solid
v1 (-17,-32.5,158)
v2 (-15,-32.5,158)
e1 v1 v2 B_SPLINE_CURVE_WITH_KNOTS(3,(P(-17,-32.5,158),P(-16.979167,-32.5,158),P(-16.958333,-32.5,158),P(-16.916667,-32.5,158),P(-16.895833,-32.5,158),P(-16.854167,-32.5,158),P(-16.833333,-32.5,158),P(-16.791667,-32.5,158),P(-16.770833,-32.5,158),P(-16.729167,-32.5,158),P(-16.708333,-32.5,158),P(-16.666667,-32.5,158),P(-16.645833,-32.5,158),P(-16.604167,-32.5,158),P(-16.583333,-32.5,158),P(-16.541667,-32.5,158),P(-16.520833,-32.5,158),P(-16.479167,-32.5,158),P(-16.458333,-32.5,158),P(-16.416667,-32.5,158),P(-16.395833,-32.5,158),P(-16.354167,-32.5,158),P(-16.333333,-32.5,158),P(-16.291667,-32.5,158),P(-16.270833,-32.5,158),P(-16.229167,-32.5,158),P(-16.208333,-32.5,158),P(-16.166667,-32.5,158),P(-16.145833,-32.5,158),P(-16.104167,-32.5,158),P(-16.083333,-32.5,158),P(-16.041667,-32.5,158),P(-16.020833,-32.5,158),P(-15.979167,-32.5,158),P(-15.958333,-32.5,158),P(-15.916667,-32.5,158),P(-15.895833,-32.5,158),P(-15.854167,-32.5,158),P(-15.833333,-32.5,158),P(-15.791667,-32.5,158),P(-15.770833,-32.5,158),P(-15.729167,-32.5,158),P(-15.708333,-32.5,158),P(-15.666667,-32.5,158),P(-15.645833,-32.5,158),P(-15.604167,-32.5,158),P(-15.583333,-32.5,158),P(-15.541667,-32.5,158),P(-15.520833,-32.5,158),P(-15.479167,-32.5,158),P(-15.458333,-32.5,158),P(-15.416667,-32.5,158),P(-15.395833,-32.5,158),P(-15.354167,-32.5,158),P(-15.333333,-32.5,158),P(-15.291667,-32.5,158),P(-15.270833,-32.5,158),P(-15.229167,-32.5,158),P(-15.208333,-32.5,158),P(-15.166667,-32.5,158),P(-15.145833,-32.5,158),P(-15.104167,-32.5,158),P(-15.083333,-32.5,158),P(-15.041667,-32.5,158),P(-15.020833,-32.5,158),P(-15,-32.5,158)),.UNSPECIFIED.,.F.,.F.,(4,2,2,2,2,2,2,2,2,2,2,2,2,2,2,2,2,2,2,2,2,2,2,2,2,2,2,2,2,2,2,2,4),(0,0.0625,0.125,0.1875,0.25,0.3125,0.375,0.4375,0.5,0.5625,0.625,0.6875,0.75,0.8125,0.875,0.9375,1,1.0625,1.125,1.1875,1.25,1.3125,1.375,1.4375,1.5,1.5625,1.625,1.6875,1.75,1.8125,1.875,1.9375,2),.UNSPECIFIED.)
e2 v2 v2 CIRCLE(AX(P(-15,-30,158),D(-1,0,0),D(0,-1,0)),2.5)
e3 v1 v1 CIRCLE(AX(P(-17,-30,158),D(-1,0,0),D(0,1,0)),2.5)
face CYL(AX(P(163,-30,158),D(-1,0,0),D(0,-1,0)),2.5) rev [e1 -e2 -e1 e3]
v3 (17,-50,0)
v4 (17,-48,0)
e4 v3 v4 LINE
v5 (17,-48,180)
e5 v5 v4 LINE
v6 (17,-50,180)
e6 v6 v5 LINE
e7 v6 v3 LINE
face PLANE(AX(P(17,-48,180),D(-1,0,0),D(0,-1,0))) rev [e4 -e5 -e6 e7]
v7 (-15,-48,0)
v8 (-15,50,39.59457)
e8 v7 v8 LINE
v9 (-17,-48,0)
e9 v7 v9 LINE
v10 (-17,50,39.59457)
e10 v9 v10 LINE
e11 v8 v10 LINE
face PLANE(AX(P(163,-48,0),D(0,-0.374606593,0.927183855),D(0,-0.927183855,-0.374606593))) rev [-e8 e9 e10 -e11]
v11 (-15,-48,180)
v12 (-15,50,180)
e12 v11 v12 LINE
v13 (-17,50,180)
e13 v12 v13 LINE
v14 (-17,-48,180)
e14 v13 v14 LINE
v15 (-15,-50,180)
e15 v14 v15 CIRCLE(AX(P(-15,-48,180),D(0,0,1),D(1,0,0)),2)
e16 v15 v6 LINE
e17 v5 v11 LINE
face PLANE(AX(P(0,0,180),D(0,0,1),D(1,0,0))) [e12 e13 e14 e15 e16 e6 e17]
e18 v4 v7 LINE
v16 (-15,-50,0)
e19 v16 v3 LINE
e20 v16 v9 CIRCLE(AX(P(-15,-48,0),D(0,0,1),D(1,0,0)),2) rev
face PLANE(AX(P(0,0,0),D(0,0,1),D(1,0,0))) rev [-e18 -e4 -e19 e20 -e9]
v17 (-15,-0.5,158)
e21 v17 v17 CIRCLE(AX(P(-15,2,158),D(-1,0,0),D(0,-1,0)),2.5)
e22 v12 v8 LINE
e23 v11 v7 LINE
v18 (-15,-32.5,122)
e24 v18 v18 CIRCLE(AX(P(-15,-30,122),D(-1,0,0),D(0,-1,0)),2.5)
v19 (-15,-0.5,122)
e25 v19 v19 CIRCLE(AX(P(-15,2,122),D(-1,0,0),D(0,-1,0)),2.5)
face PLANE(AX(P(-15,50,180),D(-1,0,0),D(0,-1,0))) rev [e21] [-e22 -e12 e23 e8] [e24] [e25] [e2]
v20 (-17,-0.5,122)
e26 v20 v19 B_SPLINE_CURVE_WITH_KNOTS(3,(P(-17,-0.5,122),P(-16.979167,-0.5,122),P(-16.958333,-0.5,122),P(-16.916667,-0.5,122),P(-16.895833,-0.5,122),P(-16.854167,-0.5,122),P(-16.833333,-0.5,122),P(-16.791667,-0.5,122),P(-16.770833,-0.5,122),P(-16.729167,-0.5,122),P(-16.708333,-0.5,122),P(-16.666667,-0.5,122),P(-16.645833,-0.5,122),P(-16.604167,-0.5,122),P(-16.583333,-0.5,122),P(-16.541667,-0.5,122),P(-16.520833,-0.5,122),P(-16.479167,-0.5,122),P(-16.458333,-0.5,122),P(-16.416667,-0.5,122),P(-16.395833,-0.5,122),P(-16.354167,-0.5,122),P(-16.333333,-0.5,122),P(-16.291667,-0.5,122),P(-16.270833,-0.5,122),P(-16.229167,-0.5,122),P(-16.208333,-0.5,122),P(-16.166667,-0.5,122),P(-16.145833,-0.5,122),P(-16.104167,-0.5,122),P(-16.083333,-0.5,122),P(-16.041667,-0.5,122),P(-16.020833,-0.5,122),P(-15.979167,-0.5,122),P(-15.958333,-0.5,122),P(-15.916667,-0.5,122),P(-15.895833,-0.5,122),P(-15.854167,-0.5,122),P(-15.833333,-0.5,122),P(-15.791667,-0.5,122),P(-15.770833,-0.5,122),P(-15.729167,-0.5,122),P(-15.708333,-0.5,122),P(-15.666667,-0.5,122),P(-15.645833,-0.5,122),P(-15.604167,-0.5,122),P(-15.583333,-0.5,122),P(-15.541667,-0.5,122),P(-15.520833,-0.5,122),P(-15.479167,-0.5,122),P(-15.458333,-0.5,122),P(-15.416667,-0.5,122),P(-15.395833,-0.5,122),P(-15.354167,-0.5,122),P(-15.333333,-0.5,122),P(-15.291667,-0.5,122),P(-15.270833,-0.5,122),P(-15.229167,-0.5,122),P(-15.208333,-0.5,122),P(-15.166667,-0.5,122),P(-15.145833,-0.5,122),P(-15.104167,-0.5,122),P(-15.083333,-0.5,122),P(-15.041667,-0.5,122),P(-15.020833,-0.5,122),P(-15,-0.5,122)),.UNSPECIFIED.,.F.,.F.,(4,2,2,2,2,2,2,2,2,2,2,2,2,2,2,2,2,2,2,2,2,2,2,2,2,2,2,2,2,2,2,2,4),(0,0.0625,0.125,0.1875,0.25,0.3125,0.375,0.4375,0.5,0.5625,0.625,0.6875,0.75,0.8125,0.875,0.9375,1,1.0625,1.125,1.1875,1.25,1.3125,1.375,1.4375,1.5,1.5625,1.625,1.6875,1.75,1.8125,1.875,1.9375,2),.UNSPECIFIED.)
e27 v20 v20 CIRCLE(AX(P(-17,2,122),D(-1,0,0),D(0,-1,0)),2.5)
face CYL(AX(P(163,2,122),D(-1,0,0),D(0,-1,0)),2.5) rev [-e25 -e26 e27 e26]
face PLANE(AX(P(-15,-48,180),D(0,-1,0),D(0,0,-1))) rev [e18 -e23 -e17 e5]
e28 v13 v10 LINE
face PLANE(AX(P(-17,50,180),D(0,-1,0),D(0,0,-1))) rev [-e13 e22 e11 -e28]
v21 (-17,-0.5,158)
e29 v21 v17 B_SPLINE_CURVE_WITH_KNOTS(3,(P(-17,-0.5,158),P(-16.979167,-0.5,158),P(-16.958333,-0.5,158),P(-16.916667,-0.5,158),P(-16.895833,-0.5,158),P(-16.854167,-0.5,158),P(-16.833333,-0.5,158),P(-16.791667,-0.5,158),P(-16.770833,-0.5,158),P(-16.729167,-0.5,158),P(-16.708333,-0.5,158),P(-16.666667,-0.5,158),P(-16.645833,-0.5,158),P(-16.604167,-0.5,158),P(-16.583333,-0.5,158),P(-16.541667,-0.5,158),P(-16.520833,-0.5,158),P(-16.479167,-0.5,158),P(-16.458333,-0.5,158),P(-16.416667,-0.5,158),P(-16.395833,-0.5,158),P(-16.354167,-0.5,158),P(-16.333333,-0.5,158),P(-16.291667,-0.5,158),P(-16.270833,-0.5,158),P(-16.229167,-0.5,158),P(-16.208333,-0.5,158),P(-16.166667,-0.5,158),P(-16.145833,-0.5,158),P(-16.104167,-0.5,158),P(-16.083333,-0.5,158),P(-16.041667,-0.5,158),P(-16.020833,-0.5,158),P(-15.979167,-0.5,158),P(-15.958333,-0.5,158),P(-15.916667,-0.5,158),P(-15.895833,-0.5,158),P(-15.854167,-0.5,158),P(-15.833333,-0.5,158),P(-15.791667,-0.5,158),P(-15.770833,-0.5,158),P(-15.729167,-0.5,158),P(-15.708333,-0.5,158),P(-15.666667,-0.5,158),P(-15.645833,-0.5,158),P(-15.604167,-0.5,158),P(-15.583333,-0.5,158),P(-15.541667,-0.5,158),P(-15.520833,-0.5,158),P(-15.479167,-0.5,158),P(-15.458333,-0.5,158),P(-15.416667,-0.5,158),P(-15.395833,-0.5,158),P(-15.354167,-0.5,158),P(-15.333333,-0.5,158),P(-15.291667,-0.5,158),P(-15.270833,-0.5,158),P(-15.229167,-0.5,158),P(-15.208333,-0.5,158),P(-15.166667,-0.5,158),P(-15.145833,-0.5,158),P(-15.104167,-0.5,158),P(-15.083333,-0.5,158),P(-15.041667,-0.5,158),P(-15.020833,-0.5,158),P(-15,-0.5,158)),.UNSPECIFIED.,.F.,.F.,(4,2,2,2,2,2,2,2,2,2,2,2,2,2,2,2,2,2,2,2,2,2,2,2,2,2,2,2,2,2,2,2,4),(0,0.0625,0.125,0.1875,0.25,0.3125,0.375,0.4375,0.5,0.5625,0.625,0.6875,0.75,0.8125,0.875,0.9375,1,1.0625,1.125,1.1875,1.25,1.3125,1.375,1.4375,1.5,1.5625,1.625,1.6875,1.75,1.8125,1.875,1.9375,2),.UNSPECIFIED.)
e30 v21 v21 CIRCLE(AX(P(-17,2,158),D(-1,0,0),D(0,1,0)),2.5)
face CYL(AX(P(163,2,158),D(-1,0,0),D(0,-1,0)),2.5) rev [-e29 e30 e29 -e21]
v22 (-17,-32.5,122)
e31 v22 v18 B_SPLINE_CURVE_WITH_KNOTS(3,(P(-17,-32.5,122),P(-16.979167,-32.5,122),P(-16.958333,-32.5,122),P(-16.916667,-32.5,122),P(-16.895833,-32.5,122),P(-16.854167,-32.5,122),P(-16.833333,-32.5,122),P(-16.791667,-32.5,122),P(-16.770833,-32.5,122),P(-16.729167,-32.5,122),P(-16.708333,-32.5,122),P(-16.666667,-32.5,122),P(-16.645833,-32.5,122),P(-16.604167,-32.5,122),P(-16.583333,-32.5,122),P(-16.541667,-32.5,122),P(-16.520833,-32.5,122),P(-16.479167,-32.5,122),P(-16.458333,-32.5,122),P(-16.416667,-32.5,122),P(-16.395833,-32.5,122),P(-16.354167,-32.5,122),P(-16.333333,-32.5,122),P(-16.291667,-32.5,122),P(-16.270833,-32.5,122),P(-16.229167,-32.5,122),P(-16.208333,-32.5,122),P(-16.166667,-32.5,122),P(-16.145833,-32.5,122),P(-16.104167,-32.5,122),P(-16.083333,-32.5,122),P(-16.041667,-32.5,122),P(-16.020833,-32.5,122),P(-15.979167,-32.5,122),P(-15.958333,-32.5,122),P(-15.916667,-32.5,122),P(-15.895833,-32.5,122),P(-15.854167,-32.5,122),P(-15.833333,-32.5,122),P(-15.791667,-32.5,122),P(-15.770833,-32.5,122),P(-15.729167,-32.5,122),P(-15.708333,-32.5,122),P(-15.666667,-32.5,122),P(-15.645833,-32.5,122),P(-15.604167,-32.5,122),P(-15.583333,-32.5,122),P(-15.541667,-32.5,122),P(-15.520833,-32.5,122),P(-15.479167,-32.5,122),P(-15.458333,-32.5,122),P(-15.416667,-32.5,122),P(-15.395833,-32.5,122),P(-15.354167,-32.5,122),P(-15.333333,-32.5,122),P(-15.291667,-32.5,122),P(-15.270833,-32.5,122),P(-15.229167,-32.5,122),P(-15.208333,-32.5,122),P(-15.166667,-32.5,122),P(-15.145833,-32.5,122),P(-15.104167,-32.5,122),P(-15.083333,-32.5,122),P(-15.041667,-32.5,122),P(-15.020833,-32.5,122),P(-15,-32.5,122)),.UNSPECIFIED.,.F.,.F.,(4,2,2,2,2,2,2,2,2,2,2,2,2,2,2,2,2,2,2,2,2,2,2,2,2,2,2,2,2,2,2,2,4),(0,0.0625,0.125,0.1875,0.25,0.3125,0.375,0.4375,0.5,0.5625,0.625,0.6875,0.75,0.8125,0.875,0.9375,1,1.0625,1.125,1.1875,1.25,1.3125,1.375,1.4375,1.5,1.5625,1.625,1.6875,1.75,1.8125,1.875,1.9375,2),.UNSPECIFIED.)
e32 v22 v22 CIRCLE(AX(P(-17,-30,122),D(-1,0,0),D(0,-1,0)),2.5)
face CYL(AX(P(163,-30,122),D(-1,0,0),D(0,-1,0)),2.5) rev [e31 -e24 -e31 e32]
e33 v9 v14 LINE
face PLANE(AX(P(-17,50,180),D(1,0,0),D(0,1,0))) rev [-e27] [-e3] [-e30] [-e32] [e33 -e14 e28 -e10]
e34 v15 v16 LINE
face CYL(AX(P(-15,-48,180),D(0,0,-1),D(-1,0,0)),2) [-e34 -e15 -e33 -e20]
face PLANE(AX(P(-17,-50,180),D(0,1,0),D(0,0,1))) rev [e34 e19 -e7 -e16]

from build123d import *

# Parameters (mm, degrees)
BOSS_EXTRUDE1_DEPTH = 180
FILLET1_R           = 2
SKETCH2_R           = 2.5
CUT_EXTRUDE1_DEPTH  = 180


with BuildPart() as part:
    # Sketch1 → Boss-Extrude1 (new body)
    with BuildSketch(Plane.XY):
        Polygon((-15, 50), (-15, -48), (17, -48), (17, -50), (-17, -50), (-17, 50), align=None)
    extrude(amount=BOSS_EXTRUDE1_DEPTH)

    # Fillet1
    fillet1_edges = [part.edges().sort_by_distance(p)[0] for p in [
        (-17, -50, 90),
    ]]
    fillet(fillet1_edges, radius=FILLET1_R)

    # Sketch2 → Cut-Extrude1 (cut)
    with BuildSketch(Plane.ZY.offset(17)):
        with Locations(Location((122, 2, 0), (0, 0, 270))):
            Circle(SKETCH2_R)
        with Locations(Location((122, -30, 0), (0, 0, 270))):
            Circle(SKETCH2_R)
        with Locations(Location((158, -30, 0), (0, 0, 270))):
            Circle(SKETCH2_R)
        with Locations(Location((158, 2, 0), (0, 0, 270))):
            Circle(SKETCH2_R)
        Polygon((0, -48), (39.594570132, 50), (0, 50), align=None)
    extrude(amount=-CUT_EXTRUDE1_DEPTH, mode=Mode.SUBTRACT)


solid = part.part
